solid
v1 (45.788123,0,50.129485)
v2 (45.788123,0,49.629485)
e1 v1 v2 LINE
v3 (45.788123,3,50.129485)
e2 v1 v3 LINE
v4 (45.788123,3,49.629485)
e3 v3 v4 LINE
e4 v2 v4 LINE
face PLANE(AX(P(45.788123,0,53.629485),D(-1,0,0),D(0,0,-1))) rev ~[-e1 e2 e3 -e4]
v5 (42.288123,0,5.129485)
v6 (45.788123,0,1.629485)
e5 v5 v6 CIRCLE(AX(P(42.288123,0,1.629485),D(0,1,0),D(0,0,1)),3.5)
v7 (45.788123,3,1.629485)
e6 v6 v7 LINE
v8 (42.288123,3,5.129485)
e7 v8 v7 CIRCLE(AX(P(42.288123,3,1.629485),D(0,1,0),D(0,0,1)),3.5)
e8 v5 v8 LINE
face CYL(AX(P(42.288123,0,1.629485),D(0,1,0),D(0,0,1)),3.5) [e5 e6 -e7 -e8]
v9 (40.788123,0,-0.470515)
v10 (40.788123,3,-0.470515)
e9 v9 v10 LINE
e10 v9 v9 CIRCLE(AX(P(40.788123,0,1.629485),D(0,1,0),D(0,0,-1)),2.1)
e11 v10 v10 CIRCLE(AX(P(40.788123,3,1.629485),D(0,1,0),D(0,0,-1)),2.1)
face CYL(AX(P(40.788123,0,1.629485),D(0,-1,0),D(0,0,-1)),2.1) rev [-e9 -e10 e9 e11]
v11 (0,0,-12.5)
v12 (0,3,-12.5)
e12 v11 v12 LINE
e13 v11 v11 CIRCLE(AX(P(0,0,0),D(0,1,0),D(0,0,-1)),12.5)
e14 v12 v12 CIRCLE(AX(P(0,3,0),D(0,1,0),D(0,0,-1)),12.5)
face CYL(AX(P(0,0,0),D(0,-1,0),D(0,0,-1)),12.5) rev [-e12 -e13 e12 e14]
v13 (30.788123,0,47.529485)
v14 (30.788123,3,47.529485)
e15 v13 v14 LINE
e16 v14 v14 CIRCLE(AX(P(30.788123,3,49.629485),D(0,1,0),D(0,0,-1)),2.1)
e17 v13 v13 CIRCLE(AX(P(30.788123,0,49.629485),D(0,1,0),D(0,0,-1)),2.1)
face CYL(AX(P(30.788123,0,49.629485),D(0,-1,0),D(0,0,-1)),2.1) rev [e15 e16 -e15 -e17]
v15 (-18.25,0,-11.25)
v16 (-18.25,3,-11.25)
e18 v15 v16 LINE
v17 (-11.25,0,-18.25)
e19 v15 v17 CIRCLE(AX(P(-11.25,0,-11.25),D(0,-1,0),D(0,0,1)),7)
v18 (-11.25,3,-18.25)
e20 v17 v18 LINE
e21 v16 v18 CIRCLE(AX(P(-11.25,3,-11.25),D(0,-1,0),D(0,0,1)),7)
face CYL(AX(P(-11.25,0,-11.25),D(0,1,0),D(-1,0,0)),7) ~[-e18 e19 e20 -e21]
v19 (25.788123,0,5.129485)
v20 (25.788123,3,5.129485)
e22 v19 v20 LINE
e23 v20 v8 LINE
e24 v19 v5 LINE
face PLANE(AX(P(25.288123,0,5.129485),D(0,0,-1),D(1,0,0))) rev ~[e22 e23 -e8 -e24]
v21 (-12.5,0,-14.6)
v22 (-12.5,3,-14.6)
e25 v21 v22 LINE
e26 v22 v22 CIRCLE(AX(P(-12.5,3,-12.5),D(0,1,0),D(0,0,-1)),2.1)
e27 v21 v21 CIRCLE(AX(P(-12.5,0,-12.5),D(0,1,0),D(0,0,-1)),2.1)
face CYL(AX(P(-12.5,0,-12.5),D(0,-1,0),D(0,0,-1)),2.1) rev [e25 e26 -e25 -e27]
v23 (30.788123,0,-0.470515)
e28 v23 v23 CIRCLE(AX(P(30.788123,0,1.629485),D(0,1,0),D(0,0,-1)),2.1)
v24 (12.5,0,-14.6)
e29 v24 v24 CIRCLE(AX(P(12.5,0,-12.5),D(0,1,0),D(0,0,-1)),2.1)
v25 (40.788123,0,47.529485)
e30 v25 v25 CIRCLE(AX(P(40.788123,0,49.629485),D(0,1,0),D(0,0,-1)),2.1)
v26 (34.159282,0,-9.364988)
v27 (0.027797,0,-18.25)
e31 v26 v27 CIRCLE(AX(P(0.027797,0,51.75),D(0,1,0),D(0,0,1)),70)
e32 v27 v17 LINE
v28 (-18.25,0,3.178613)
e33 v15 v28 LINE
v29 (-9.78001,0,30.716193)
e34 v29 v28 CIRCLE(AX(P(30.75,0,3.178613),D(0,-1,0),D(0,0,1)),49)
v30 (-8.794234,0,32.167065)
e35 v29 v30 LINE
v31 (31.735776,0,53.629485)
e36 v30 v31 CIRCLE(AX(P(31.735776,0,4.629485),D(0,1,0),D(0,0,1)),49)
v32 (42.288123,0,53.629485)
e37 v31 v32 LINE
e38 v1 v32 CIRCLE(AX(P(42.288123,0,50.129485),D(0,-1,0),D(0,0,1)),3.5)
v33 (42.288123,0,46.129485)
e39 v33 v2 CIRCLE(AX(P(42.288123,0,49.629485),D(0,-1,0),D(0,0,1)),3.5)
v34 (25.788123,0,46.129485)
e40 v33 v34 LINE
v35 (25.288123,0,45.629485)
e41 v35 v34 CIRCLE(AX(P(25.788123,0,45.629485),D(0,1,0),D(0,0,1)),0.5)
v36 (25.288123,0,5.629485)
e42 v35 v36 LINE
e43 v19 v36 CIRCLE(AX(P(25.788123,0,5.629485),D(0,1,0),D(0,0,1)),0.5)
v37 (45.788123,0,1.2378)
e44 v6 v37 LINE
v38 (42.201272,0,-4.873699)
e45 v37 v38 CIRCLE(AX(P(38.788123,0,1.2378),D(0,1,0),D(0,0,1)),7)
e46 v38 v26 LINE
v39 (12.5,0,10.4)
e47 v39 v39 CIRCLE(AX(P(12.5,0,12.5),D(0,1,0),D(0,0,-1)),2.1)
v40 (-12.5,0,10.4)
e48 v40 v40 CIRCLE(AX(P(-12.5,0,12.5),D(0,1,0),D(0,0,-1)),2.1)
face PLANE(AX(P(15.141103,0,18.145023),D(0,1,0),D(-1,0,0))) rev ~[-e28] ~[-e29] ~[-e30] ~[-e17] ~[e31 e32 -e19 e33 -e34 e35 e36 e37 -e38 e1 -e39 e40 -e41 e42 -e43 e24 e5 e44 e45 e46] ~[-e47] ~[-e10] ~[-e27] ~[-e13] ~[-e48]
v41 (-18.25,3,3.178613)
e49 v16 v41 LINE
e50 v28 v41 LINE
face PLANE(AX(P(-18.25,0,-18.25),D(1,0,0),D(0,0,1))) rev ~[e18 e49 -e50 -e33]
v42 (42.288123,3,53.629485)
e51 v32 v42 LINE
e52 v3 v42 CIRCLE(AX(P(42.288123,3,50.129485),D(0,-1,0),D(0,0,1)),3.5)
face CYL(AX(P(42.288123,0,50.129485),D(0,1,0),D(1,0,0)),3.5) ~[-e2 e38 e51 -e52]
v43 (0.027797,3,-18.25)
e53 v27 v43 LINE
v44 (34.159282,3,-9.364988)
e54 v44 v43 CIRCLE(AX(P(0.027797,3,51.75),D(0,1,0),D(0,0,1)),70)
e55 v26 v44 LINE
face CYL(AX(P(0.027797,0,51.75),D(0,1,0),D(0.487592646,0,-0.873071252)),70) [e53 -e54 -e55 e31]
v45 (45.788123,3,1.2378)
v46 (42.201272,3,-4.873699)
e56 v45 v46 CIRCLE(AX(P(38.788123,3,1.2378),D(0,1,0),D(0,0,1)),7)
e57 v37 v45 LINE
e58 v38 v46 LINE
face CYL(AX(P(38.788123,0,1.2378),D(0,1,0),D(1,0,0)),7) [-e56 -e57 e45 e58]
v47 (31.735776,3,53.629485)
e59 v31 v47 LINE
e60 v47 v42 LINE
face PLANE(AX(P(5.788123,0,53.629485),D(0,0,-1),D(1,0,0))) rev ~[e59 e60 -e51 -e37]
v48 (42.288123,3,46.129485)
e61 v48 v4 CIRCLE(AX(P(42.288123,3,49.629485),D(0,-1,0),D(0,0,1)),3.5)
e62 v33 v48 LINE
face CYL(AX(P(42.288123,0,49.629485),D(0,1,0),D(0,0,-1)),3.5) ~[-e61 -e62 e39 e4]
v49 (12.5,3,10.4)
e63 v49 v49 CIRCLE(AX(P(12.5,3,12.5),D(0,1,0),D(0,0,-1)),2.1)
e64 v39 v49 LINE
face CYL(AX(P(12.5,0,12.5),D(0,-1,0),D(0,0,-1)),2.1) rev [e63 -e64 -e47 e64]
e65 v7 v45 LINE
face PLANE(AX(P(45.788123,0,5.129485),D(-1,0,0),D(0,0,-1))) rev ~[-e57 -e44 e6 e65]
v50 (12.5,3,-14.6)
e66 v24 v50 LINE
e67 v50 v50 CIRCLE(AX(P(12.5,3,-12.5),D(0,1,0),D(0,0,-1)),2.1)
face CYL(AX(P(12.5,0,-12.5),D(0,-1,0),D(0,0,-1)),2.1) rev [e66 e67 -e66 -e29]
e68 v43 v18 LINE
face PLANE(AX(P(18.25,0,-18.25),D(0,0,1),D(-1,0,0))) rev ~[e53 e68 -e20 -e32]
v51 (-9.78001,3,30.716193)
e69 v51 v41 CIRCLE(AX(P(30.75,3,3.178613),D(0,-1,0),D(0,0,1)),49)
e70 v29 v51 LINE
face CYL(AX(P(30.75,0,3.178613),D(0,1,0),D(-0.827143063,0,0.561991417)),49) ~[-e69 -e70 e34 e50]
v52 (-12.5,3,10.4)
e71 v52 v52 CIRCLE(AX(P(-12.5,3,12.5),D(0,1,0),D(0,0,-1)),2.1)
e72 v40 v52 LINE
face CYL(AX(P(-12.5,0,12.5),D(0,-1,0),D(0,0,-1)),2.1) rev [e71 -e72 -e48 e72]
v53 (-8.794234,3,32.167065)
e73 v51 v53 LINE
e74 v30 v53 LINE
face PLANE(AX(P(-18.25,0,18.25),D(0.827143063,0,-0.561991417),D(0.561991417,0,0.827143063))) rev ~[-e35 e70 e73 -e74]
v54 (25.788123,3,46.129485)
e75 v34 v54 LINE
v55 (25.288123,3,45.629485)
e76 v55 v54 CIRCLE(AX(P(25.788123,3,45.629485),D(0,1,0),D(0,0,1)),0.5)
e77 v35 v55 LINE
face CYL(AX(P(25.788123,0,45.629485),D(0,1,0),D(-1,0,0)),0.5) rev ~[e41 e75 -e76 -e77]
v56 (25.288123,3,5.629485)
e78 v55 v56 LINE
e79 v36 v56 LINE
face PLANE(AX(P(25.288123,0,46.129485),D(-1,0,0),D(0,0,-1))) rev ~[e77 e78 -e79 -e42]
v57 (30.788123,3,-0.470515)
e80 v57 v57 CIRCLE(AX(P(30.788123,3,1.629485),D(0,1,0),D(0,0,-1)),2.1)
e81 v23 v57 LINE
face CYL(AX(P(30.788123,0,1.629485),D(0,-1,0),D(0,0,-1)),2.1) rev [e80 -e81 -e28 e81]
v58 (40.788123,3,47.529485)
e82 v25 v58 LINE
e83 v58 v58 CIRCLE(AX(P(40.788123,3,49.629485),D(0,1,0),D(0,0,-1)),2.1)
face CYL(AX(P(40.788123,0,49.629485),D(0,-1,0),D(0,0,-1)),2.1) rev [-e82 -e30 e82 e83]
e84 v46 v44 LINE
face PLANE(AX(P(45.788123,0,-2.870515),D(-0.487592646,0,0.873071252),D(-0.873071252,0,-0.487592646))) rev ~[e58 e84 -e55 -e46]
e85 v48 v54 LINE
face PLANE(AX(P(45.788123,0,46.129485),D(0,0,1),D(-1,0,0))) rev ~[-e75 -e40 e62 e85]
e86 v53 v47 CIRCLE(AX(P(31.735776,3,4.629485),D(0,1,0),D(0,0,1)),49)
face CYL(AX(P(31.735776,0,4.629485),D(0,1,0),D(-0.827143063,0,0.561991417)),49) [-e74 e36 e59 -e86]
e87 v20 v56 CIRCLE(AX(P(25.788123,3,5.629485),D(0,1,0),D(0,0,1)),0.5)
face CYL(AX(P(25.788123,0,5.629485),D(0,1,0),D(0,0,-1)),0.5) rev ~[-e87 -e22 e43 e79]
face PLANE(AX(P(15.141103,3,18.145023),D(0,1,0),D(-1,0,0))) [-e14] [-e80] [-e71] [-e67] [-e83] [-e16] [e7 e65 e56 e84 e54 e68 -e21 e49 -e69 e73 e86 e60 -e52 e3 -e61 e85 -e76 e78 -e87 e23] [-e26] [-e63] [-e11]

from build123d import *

# Parameters (mm, degrees)
SZKIC1_R                   = 2.1
SZKIC1_R_2                 = 12.5
WYCI_GNI_CIE_PROSTE1_DEPTH = 3
ZAOKR_GLENIE1_R            = 0.5
ZAOKR_GLENIE3_R            = 3.5
ZAOKR_GLENIE4_R            = 7
ZAOKR_GLENIE5_R            = 70
ZAOKR_GLENIE6_R            = 49
ZAOKR_GLENIE7_R            = 49
ZAOKR_GLENIE8_R            = 7


with BuildPart() as part:
    # Szkic1 → Wyciągnięcie proste1 (new body)
    with BuildSketch(Plane(origin=(0, 0, 0), x_dir=(-1, 0, 0), z_dir=(0, 1, 0))):
        Polygon((-18.25, -18.25), (18.25, -18.25), (18.25, 18.25), (-5.78812344, 53.629485271), (-35.78812344, 53.629485271), (-45.78812344, 53.629485271), (-45.78812344, 46.129485271), (-25.28812344, 46.129485271), (-25.28812344, 5.129485271), (-45.78812344, 5.129485271), (-45.78812344, -2.870514729), align=None)
        with Locations(Location((-40.78812344, 1.629485271, 0), (0, 0, 270))):
            Circle(SZKIC1_R, mode=Mode.SUBTRACT)
        with Locations(Location((-12.5, 12.5, 0), (0, 0, 270))):
            Circle(SZKIC1_R, mode=Mode.SUBTRACT)
        with Locations(Location((-30.78812344, 49.629485271, 0), (0, 0, 270))):
            Circle(SZKIC1_R, mode=Mode.SUBTRACT)
        with Locations(Location((-40.78812344, 49.629485271, 0), (0, 0, 270))):
            Circle(SZKIC1_R, mode=Mode.SUBTRACT)
        with Locations(Location((12.5, 12.5, 0), (0, 0, 270))):
            Circle(SZKIC1_R, mode=Mode.SUBTRACT)
        with Locations(Location((-30.78812344, 1.629485271, 0), (0, 0, 270))):
            Circle(SZKIC1_R, mode=Mode.SUBTRACT)
        with Locations(Location((12.5, -12.5, 0), (0, 0, 270))):
            Circle(SZKIC1_R, mode=Mode.SUBTRACT)
        with Locations(Location((-12.5, -12.5, 0), (0, 0, 270))):
            Circle(SZKIC1_R, mode=Mode.SUBTRACT)
        with Locations(Location((0, 0, 0), (0, 0, 270))):
            Circle(SZKIC1_R_2, mode=Mode.SUBTRACT)
    extrude(amount=WYCI_GNI_CIE_PROSTE1_DEPTH)

    # Zaokrąglenie1
    zaokr_glenie1_edges = [part.edges().sort_by_distance(p)[0] for p in [
        (25.28812344, 1.5, 5.129485271),
        (25.28812344, 1.5, 46.129485271),
    ]]
    fillet(zaokr_glenie1_edges, radius=ZAOKR_GLENIE1_R)

    # Zaokrąglenie3
    zaokr_glenie3_edges = [part.edges().sort_by_distance(p)[0] for p in [
        (45.78812344, 1.5, 5.129485271),
        (45.78812344, 1.5, 46.129485271),
        (45.78812344, 1.5, 53.629485271),
    ]]
    fillet(zaokr_glenie3_edges, radius=ZAOKR_GLENIE3_R)

    # Zaokrąglenie4
    zaokr_glenie4_edges = [part.edges().sort_by_distance(p)[0] for p in [
        (45.78812344, 1.5, -2.870514729),
    ]]
    fillet(zaokr_glenie4_edges, radius=ZAOKR_GLENIE4_R)

    # Zaokrąglenie5
    zaokr_glenie5_edges = [part.edges().sort_by_distance(p)[0] for p in [
        (18.25, 1.5, -18.25),
    ]]
    fillet(zaokr_glenie5_edges, radius=ZAOKR_GLENIE5_R)

    # Zaokrąglenie6
    zaokr_glenie6_edges = [part.edges().sort_by_distance(p)[0] for p in [
        (5.78812344, 1.5, 53.629485271),
    ]]
    fillet(zaokr_glenie6_edges, radius=ZAOKR_GLENIE6_R)

    # Zaokrąglenie7
    zaokr_glenie7_edges = [part.edges().sort_by_distance(p)[0] for p in [
        (-18.25, 1.5, 18.25),
    ]]
    fillet(zaokr_glenie7_edges, radius=ZAOKR_GLENIE7_R)

    # Zaokrąglenie8
    zaokr_glenie8_edges = [part.edges().sort_by_distance(p)[0] for p in [
        (-18.25, 1.5, -18.25),
    ]]
    fillet(zaokr_glenie8_edges, radius=ZAOKR_GLENIE8_R)


solid = part.part
